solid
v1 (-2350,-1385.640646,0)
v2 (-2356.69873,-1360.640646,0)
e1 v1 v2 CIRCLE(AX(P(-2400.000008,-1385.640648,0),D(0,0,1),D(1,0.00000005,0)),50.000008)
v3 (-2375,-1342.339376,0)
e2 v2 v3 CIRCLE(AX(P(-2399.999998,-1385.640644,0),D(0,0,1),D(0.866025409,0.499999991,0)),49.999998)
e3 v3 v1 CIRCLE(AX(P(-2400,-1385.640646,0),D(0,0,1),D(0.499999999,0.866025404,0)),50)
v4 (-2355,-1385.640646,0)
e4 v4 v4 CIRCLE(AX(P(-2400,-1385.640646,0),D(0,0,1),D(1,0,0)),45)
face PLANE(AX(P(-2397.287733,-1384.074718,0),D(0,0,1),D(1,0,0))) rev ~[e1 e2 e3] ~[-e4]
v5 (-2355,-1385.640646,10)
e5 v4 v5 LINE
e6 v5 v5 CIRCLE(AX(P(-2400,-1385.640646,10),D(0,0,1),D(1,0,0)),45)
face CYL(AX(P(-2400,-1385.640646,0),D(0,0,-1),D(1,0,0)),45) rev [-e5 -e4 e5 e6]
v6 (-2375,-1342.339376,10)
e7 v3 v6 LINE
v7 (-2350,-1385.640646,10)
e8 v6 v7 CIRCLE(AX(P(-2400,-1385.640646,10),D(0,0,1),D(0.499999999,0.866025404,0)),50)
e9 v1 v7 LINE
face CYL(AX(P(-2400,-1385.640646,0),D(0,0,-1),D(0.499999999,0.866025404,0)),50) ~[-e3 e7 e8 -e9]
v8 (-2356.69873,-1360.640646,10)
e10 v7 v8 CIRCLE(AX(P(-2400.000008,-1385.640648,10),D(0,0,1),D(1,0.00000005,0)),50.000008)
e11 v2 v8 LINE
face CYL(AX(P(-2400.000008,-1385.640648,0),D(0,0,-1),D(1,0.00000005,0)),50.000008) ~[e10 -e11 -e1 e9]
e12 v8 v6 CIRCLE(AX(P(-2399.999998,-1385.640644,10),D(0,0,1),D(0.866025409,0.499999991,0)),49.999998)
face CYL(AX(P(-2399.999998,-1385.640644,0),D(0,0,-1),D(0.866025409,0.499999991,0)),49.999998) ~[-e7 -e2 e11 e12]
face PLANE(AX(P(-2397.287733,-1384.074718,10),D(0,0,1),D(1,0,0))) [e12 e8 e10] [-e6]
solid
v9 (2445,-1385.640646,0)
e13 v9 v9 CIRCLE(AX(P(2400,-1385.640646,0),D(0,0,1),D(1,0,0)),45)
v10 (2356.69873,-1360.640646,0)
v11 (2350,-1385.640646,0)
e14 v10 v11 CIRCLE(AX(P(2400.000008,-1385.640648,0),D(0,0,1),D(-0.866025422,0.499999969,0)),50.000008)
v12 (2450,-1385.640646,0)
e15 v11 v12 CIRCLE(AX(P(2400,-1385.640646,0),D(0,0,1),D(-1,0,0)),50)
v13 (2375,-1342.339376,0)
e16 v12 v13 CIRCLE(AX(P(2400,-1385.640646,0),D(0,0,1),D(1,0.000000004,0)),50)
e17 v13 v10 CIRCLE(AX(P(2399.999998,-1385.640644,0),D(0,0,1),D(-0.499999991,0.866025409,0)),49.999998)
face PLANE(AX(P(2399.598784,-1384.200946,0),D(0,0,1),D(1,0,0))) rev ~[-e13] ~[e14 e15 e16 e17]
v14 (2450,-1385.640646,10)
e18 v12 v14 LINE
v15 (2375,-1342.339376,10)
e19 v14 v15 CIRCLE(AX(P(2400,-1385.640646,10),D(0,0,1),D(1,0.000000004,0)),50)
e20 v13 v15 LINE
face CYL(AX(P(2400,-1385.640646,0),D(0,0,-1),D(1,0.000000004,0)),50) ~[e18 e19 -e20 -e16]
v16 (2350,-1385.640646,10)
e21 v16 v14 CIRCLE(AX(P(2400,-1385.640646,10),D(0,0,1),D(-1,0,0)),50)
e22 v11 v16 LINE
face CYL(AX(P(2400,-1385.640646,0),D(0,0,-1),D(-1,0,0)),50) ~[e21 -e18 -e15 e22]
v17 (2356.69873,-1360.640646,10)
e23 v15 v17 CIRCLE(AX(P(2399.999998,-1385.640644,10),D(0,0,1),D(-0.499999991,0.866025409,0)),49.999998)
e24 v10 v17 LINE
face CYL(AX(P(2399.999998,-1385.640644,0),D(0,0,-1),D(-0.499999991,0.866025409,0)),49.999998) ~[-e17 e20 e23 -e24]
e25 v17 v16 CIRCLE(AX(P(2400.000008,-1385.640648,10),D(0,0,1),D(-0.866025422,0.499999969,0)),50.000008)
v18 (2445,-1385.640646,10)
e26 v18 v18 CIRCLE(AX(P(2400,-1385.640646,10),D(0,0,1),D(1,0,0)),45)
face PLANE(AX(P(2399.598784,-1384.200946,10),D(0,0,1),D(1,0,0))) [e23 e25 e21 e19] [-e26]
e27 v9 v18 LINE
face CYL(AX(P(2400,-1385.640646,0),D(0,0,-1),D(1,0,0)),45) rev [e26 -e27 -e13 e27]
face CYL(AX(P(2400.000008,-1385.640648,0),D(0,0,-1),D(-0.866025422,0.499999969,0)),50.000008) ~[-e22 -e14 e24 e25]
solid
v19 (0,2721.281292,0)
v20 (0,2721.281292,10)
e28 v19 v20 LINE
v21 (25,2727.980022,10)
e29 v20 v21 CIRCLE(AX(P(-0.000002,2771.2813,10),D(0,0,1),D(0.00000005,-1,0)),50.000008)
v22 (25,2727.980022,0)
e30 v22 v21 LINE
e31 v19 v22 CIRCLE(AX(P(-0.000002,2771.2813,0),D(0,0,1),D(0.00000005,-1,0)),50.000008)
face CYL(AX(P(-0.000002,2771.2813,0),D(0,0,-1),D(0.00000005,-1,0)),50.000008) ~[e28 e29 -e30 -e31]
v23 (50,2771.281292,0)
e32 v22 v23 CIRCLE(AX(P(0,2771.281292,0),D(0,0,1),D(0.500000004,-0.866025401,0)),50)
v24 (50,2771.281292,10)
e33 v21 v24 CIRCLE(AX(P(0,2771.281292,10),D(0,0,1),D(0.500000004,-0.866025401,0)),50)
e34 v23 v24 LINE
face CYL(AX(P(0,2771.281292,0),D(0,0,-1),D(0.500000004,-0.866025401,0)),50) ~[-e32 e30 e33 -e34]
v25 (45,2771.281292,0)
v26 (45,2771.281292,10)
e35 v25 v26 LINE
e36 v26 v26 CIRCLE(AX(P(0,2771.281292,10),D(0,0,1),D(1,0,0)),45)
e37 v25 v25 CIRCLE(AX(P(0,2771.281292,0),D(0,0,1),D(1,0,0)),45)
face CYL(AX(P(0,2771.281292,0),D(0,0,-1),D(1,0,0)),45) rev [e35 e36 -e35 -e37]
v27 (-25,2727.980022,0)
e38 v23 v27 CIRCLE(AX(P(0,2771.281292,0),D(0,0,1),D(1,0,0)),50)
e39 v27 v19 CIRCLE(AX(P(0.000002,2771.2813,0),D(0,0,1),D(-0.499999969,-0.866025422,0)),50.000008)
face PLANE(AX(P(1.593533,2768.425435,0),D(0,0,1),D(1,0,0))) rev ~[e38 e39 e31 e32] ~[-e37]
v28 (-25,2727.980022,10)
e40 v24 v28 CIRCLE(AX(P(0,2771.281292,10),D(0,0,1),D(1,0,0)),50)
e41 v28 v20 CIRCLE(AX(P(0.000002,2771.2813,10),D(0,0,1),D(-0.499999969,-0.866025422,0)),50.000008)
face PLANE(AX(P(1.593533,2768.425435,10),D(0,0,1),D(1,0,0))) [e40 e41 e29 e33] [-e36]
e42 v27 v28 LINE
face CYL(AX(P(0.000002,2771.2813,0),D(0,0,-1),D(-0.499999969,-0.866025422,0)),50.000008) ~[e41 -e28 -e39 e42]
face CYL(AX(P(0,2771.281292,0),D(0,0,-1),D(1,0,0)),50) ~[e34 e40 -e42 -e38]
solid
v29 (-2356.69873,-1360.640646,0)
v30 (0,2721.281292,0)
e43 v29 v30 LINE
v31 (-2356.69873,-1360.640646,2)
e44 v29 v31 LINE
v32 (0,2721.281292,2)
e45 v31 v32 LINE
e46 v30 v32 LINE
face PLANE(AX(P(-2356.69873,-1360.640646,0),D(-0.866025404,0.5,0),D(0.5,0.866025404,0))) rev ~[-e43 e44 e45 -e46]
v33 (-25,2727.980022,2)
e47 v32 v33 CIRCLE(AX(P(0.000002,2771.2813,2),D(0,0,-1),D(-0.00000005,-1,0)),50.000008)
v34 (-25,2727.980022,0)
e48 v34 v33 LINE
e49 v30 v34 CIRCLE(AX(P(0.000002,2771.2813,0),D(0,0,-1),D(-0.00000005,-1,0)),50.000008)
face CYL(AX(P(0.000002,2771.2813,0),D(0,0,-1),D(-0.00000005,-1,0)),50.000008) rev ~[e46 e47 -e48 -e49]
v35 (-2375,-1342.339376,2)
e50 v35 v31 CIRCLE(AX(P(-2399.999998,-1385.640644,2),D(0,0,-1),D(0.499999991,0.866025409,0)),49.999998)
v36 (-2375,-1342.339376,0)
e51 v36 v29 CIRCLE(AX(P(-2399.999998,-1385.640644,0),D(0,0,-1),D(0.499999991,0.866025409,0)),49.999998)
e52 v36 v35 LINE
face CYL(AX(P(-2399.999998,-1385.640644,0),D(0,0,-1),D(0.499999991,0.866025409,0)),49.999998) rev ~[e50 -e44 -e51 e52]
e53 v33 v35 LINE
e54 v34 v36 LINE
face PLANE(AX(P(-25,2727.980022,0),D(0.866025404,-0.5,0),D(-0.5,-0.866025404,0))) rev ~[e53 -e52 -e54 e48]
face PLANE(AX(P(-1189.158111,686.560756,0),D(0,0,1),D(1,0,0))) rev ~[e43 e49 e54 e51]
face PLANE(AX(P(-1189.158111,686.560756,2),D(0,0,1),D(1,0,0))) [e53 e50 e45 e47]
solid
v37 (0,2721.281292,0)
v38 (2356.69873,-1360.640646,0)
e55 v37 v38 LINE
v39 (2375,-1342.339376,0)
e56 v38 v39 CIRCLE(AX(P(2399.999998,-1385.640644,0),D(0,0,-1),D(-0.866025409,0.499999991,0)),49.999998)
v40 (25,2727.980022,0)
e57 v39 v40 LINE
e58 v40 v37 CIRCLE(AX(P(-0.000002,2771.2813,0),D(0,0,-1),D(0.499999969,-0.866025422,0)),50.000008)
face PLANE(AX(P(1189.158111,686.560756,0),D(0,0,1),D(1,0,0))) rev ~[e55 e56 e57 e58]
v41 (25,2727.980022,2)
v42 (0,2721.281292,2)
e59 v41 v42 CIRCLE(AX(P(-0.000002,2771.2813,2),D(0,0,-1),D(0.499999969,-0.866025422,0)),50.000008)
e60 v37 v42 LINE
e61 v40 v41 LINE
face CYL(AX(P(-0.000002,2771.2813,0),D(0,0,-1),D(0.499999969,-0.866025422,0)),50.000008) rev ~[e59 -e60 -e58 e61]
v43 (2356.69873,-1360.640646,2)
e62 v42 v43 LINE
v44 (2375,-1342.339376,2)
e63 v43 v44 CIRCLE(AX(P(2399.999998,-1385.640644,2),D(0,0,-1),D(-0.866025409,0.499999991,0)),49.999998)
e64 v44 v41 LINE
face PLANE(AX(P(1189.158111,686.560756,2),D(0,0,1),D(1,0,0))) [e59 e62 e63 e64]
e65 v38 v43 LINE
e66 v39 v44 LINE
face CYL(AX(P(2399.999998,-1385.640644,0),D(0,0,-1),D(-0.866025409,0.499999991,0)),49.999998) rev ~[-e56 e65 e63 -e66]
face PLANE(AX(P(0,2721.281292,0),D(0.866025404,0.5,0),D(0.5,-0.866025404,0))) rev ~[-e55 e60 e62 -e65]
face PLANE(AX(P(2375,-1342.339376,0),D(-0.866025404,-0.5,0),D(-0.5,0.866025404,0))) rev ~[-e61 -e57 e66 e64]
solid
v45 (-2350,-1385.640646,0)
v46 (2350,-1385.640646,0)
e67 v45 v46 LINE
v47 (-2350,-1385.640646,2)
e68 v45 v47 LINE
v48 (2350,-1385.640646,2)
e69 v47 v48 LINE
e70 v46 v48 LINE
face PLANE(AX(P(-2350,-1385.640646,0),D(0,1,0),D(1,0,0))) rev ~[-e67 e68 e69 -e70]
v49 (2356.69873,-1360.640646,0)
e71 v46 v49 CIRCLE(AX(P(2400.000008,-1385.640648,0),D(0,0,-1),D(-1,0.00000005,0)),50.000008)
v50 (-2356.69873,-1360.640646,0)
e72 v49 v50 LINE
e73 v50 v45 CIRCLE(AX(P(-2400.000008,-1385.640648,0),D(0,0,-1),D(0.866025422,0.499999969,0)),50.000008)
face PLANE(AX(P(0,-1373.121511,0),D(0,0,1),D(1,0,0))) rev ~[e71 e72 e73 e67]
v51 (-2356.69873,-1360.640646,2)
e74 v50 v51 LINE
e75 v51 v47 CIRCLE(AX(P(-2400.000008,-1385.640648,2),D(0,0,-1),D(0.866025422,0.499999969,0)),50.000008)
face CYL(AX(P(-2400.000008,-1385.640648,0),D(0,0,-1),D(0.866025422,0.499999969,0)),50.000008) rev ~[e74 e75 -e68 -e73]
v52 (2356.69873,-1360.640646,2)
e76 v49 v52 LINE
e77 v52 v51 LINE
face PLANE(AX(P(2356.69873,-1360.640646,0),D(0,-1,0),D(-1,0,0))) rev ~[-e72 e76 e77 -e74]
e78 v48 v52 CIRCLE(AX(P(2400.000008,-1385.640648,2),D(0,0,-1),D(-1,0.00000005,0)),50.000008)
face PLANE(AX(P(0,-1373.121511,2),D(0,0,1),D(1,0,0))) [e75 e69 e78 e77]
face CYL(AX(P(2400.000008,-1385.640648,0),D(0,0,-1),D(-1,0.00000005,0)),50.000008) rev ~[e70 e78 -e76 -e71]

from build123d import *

# Parameters (mm, degrees)
F0_R     = 45
F1_DEPTH = 10
F2_DEPTH = 2


with BuildPart() as f1:
    # F0 (on Top) → F1 (new body)
    with BuildSketch(Plane.XY):
        with BuildLine():
            ThreePointArc((-2350, -1385.640646), (-2351.703709, -1372.699694), (-2356.69873, -1360.640646))
            ThreePointArc((-2356.69873, -1360.640646), (-2364.644661, -1350.285307), (-2375, -1342.339376))
            ThreePointArc((-2375, -1342.339376), (-2443.30127, -1410.640646), (-2350, -1385.640646))
        make_face()
        with Locations((-2400, -1385.640646)):
            Circle(F0_R, mode=Mode.SUBTRACT)
        with BuildLine():
            ThreePointArc((2450, -1385.640646), (2425, -1342.339376), (2375, -1342.339376))
            ThreePointArc((2375, -1342.339376), (2364.644661, -1350.285307), (2356.69873, -1360.640646))
            ThreePointArc((2356.69873, -1360.640646), (2351.703709, -1372.699694), (2350, -1385.640646))
            ThreePointArc((2350, -1385.640646), (2400, -1435.640646), (2450, -1385.640646))
        make_face()
        with Locations((2400, -1385.640646)):
            Circle(F0_R, mode=Mode.SUBTRACT)
        with BuildLine():
            ThreePointArc((0, 2721.281292), (12.940952, 2722.985001), (25, 2727.980022))
            ThreePointArc((25, 2727.980022), (43.30127, 2746.281292), (50, 2771.281292))
            ThreePointArc((50, 2771.281292), (-25, 2814.582562), (-25, 2727.980022))
            ThreePointArc((-25, 2727.980022), (-12.940952, 2722.985001), (0, 2721.281292))
        make_face()
        with Locations((0, 2771.281292)):
            Circle(F0_R, mode=Mode.SUBTRACT)
    extrude(amount=F1_DEPTH)


with BuildPart() as f2:
    # F0 (on Top) → F2 (new body)
    with BuildSketch(Plane.XY):
        with BuildLine():
            Line((-2356.69873, -1360.640646), (0, 2721.281292))
            ThreePointArc((0, 2721.281292), (-12.940952, 2722.985001), (-25, 2727.980022))
            Line((-25, 2727.980022), (-2375, -1342.339376))
            ThreePointArc((-2375, -1342.339376), (-2364.644661, -1350.285307), (-2356.69873, -1360.640646))
        make_face()
        with BuildLine():
            Line((2375, -1342.339376), (25, 2727.980022))
            ThreePointArc((25, 2727.980022), (12.940952, 2722.985001), (0, 2721.281292))
            Line((0, 2721.281292), (2356.69873, -1360.640646))
            ThreePointArc((2356.69873, -1360.640646), (2364.644661, -1350.285307), (2375, -1342.339376))
        make_face()
        with BuildLine():
            ThreePointArc((2350, -1385.640646), (2351.703709, -1372.699694), (2356.69873, -1360.640646))
            Line((2356.69873, -1360.640646), (-2356.69873, -1360.640646))
            ThreePointArc((-2356.69873, -1360.640646), (-2351.703709, -1372.699694), (-2350, -1385.640646))
            Line((-2350, -1385.640646), (2350, -1385.640646))
        make_face()
    extrude(amount=F2_DEPTH)


solid = Compound([f1.part, f2.part])
